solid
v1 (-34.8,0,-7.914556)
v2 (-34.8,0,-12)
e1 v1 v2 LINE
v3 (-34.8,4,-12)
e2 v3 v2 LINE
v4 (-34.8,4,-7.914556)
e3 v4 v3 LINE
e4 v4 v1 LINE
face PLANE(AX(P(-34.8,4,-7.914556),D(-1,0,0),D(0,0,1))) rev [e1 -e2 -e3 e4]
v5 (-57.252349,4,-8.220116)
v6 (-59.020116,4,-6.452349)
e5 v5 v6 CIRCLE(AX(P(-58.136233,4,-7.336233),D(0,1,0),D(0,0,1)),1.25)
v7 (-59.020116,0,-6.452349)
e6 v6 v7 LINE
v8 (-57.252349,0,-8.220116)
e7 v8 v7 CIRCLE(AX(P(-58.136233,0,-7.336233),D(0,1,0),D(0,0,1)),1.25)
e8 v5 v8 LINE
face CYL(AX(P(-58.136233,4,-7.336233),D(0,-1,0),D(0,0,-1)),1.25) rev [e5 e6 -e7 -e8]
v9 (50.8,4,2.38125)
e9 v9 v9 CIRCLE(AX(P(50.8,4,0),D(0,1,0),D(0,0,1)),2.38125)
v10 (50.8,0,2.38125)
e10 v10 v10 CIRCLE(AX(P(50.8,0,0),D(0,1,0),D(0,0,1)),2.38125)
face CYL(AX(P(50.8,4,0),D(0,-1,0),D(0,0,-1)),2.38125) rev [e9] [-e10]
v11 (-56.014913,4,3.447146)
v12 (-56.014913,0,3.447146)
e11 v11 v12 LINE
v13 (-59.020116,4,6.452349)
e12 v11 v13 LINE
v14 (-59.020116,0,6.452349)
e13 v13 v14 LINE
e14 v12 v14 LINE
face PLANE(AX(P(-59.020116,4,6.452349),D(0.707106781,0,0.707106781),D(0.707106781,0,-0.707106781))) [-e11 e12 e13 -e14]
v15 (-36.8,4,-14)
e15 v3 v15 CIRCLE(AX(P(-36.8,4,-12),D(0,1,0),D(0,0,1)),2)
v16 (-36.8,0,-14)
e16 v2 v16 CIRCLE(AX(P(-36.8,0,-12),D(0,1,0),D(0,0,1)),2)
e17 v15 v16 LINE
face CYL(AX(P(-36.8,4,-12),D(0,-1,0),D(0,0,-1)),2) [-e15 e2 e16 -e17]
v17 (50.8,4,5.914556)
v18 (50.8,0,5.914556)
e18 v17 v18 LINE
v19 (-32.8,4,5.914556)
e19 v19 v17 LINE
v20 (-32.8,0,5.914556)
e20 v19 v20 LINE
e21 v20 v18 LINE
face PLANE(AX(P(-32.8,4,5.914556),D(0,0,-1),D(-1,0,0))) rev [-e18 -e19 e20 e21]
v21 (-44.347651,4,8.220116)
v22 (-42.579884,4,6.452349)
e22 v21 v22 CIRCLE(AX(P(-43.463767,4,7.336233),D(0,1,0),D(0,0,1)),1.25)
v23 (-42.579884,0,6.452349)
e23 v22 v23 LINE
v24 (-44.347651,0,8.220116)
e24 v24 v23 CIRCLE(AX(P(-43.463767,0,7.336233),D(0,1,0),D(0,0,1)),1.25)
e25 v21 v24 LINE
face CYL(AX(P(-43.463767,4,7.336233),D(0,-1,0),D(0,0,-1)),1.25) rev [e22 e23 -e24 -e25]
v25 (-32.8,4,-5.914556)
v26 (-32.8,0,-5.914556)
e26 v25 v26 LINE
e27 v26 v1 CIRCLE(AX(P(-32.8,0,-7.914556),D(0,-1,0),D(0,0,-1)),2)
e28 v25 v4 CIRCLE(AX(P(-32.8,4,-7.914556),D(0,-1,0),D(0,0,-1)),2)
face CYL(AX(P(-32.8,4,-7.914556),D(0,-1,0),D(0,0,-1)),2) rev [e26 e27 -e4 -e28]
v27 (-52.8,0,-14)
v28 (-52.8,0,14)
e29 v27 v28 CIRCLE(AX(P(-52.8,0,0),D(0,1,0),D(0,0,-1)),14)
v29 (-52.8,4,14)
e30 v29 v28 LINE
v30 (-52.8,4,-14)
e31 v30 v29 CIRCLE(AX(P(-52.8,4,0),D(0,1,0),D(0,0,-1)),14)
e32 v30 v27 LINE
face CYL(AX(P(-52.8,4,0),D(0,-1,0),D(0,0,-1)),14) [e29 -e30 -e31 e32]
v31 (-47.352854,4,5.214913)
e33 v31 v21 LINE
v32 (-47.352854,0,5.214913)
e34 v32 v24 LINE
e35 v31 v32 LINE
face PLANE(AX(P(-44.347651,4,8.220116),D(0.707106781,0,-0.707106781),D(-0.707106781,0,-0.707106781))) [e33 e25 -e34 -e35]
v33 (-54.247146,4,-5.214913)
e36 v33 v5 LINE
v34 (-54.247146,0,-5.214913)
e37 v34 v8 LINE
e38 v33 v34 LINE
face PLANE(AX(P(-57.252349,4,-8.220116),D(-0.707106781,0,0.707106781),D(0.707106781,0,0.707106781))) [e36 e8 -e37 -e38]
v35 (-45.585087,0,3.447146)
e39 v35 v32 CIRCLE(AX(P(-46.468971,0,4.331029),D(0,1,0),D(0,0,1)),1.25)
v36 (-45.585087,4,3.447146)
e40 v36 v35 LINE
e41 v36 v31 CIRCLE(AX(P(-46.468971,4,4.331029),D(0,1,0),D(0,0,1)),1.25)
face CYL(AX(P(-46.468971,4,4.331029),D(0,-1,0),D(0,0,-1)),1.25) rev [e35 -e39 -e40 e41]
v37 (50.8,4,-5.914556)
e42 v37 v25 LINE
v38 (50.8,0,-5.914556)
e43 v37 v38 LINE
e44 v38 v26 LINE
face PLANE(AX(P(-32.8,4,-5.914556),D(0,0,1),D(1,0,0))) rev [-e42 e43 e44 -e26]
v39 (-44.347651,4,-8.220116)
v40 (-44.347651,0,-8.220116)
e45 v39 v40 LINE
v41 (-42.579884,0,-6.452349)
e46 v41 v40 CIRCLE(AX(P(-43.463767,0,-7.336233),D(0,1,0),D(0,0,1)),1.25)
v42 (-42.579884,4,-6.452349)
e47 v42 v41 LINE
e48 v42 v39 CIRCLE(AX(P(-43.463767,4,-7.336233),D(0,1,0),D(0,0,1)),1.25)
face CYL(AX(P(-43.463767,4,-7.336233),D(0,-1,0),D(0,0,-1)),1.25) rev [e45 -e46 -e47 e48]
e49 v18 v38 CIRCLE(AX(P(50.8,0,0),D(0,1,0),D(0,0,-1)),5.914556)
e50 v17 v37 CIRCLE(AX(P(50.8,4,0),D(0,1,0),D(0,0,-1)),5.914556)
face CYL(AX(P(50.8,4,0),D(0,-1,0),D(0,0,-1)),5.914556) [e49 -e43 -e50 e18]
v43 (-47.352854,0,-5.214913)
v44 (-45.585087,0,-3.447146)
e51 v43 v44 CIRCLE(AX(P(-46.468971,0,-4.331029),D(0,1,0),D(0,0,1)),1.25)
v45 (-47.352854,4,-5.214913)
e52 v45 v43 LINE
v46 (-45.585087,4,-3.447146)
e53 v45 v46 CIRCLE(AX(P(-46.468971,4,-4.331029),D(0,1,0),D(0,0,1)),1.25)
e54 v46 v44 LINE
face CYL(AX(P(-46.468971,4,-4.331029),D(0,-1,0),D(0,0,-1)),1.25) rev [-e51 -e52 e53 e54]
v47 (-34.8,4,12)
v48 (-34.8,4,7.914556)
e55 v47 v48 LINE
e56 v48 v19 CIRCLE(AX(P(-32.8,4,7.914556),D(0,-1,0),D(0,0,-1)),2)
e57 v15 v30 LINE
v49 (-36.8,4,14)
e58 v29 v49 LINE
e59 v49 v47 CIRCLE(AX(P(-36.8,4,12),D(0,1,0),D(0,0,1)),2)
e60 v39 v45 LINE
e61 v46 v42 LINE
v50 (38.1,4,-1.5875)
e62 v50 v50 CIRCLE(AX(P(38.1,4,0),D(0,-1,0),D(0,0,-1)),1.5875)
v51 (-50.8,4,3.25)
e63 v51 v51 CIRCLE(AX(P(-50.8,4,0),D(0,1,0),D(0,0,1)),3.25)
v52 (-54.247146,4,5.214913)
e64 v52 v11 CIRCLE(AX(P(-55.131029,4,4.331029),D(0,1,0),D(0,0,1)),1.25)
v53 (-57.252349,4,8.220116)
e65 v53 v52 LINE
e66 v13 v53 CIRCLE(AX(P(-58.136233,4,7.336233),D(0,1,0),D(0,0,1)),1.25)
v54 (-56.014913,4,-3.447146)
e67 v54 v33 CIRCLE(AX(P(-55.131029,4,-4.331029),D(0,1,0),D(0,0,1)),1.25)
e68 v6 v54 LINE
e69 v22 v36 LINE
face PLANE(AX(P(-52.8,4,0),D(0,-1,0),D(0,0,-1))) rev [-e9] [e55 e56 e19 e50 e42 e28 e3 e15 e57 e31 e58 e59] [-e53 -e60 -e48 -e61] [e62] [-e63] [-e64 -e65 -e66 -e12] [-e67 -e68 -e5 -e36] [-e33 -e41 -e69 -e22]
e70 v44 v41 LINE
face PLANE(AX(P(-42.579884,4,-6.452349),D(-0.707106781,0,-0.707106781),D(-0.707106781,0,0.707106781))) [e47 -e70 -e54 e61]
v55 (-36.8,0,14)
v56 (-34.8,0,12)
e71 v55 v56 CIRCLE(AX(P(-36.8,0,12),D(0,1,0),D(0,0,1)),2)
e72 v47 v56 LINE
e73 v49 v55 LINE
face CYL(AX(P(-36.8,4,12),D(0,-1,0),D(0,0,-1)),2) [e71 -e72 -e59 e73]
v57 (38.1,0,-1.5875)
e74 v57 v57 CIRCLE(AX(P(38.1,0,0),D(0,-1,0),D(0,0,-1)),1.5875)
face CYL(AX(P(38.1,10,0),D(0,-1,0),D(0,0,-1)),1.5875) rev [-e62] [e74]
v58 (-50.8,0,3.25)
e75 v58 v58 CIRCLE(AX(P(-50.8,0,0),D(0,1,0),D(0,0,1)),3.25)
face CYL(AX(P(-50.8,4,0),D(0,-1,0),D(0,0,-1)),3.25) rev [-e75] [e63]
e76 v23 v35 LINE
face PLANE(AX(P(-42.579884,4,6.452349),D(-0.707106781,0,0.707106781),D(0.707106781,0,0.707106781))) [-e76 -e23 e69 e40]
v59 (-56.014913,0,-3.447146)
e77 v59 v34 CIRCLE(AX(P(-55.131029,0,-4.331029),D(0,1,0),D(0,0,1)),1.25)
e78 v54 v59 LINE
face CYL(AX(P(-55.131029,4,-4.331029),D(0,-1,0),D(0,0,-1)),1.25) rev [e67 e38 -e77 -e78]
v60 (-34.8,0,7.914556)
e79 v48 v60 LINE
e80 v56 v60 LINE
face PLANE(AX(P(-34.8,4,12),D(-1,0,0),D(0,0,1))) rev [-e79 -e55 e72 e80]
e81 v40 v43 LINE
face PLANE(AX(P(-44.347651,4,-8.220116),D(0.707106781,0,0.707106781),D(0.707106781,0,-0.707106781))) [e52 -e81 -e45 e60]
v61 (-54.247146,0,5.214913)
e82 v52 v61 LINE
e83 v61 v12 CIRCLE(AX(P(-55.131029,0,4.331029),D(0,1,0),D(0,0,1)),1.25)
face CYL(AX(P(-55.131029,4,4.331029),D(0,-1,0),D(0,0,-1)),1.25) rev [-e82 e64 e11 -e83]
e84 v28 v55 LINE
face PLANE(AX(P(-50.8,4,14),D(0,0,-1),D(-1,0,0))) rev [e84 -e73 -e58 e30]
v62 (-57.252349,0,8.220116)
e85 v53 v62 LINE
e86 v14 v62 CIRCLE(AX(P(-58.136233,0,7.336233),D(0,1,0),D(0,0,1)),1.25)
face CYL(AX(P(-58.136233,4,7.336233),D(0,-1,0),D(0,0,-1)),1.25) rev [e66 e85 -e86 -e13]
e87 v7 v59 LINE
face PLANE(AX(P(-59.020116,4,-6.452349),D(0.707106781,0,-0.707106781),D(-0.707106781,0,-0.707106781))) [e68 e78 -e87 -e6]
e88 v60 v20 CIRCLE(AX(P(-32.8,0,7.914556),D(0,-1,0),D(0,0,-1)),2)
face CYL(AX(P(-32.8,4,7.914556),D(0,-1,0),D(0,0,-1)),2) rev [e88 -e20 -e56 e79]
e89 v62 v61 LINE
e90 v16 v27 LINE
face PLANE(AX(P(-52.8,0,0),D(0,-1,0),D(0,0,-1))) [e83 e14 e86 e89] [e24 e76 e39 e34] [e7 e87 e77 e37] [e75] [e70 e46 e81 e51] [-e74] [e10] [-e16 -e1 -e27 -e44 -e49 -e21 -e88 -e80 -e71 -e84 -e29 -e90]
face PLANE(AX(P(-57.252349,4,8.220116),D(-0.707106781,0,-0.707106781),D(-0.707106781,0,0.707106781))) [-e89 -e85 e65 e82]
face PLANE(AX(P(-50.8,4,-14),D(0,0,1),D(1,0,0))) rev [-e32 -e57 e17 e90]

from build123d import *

# Parameters (mm, degrees)
SKETCH1_R           = 3.25
SKETCH1_R_2         = 2.38125
BOSS_EXTRUDE1_DEPTH = 4
SKETCH2_R           = 1.5875
CUT_EXTRUDE1_DEPTH  = 10


with BuildPart() as part:
    # Sketch1 → Boss-Extrude1 (new body)
    with BuildSketch(Plane(origin=(0, 0, 0), x_dir=(1, 0, 0), z_dir=(0, 1, 0))):
        with BuildLine():
            Line((-50.8, 14), (-36.8, 14))
            ThreePointArc((-36.8, 14), (-35.385786438, 13.414213562), (-34.8, 12))
            Line((-34.8, 12), (-34.8, 7.914556152))
            ThreePointArc((-34.8, 7.914556152), (-34.214213562, 6.500342589), (-32.8, 5.914556152))
            Line((-32.8, 5.914556152), (50.8, 5.914556152))
            ThreePointArc((50.8, 5.914556152), (56.714556152, 0), (50.8, -5.914556152))
            Line((50.8, -5.914556152), (-32.8, -5.914556152))
            ThreePointArc((-32.8, -5.914556152), (-34.214213562, -6.500342589), (-34.8, -7.914556152))
            Line((-34.8, -7.914556152), (-34.8, -12))
            ThreePointArc((-34.8, -12), (-35.385786438, -13.414213562), (-36.8, -14))
            Line((-36.8, -14), (-50.8, -14))
            Line((-50.8, -14), (-52.8, -14))
            ThreePointArc((-52.8, -14), (-66.8, 0), (-52.8, 14))
            Line((-52.8, 14), (-50.8, 14))
        make_face()
        with Locations(Location((-50.8, 0, 0), (0, 0, 270))):
            Circle(SKETCH1_R, mode=Mode.SUBTRACT)
        with Locations(Location((50.8, 0, 0), (0, 0, 270))):
            Circle(SKETCH1_R_2, mode=Mode.SUBTRACT)
        with BuildLine():
            Line((-57.252349378, 8.220116331), (-54.247145558, 5.214912511))
            ThreePointArc((-54.247145558, 5.214912511), (-54.247145558, 3.447145558), (-56.014912511, 3.447145558))
            Line((-56.014912511, 3.447145558), (-59.020116331, 6.452349378))
            ThreePointArc((-59.020116331, 6.452349378), (-59.020116331, 8.220116331), (-57.252349378, 8.220116331))
        make_face(mode=Mode.SUBTRACT)
        with BuildLine():
            Line((-42.579883669, 6.452349378), (-45.585087489, 3.447145558))
            ThreePointArc((-45.585087489, 3.447145558), (-47.352854442, 3.447145558), (-47.352854442, 5.214912511))
            Line((-47.352854442, 5.214912511), (-44.347650622, 8.220116331))
            ThreePointArc((-44.347650622, 8.220116331), (-42.579883669, 8.220116331), (-42.579883669, 6.452349378))
        make_face(mode=Mode.SUBTRACT)
        with BuildLine():
            Line((-44.347650622, -8.220116331), (-47.352854442, -5.214912511))
            ThreePointArc((-47.352854442, -5.214912511), (-47.352854442, -3.447145558), (-45.585087489, -3.447145558))
            Line((-45.585087489, -3.447145558), (-42.579883669, -6.452349378))
            ThreePointArc((-42.579883669, -6.452349378), (-42.579883669, -8.220116331), (-44.347650622, -8.220116331))
        make_face(mode=Mode.SUBTRACT)
        with BuildLine():
            Line((-59.020116331, -6.452349378), (-56.014912511, -3.447145558))
            ThreePointArc((-56.014912511, -3.447145558), (-54.247145558, -3.447145558), (-54.247145558, -5.214912511))
            Line((-54.247145558, -5.214912511), (-57.252349378, -8.220116331))
            ThreePointArc((-57.252349378, -8.220116331), (-59.020116331, -8.220116331), (-59.020116331, -6.452349378))
        make_face(mode=Mode.SUBTRACT)
    extrude(amount=BOSS_EXTRUDE1_DEPTH)

    # Sketch2 → Cut-Extrude1 (cut)
    with BuildSketch(Plane.XZ):
        with Locations(Location((38.1, 0, 0), (0, 0, 270))):
            Circle(SKETCH2_R)
    extrude(amount=-CUT_EXTRUDE1_DEPTH, mode=Mode.SUBTRACT)


solid = part.part
